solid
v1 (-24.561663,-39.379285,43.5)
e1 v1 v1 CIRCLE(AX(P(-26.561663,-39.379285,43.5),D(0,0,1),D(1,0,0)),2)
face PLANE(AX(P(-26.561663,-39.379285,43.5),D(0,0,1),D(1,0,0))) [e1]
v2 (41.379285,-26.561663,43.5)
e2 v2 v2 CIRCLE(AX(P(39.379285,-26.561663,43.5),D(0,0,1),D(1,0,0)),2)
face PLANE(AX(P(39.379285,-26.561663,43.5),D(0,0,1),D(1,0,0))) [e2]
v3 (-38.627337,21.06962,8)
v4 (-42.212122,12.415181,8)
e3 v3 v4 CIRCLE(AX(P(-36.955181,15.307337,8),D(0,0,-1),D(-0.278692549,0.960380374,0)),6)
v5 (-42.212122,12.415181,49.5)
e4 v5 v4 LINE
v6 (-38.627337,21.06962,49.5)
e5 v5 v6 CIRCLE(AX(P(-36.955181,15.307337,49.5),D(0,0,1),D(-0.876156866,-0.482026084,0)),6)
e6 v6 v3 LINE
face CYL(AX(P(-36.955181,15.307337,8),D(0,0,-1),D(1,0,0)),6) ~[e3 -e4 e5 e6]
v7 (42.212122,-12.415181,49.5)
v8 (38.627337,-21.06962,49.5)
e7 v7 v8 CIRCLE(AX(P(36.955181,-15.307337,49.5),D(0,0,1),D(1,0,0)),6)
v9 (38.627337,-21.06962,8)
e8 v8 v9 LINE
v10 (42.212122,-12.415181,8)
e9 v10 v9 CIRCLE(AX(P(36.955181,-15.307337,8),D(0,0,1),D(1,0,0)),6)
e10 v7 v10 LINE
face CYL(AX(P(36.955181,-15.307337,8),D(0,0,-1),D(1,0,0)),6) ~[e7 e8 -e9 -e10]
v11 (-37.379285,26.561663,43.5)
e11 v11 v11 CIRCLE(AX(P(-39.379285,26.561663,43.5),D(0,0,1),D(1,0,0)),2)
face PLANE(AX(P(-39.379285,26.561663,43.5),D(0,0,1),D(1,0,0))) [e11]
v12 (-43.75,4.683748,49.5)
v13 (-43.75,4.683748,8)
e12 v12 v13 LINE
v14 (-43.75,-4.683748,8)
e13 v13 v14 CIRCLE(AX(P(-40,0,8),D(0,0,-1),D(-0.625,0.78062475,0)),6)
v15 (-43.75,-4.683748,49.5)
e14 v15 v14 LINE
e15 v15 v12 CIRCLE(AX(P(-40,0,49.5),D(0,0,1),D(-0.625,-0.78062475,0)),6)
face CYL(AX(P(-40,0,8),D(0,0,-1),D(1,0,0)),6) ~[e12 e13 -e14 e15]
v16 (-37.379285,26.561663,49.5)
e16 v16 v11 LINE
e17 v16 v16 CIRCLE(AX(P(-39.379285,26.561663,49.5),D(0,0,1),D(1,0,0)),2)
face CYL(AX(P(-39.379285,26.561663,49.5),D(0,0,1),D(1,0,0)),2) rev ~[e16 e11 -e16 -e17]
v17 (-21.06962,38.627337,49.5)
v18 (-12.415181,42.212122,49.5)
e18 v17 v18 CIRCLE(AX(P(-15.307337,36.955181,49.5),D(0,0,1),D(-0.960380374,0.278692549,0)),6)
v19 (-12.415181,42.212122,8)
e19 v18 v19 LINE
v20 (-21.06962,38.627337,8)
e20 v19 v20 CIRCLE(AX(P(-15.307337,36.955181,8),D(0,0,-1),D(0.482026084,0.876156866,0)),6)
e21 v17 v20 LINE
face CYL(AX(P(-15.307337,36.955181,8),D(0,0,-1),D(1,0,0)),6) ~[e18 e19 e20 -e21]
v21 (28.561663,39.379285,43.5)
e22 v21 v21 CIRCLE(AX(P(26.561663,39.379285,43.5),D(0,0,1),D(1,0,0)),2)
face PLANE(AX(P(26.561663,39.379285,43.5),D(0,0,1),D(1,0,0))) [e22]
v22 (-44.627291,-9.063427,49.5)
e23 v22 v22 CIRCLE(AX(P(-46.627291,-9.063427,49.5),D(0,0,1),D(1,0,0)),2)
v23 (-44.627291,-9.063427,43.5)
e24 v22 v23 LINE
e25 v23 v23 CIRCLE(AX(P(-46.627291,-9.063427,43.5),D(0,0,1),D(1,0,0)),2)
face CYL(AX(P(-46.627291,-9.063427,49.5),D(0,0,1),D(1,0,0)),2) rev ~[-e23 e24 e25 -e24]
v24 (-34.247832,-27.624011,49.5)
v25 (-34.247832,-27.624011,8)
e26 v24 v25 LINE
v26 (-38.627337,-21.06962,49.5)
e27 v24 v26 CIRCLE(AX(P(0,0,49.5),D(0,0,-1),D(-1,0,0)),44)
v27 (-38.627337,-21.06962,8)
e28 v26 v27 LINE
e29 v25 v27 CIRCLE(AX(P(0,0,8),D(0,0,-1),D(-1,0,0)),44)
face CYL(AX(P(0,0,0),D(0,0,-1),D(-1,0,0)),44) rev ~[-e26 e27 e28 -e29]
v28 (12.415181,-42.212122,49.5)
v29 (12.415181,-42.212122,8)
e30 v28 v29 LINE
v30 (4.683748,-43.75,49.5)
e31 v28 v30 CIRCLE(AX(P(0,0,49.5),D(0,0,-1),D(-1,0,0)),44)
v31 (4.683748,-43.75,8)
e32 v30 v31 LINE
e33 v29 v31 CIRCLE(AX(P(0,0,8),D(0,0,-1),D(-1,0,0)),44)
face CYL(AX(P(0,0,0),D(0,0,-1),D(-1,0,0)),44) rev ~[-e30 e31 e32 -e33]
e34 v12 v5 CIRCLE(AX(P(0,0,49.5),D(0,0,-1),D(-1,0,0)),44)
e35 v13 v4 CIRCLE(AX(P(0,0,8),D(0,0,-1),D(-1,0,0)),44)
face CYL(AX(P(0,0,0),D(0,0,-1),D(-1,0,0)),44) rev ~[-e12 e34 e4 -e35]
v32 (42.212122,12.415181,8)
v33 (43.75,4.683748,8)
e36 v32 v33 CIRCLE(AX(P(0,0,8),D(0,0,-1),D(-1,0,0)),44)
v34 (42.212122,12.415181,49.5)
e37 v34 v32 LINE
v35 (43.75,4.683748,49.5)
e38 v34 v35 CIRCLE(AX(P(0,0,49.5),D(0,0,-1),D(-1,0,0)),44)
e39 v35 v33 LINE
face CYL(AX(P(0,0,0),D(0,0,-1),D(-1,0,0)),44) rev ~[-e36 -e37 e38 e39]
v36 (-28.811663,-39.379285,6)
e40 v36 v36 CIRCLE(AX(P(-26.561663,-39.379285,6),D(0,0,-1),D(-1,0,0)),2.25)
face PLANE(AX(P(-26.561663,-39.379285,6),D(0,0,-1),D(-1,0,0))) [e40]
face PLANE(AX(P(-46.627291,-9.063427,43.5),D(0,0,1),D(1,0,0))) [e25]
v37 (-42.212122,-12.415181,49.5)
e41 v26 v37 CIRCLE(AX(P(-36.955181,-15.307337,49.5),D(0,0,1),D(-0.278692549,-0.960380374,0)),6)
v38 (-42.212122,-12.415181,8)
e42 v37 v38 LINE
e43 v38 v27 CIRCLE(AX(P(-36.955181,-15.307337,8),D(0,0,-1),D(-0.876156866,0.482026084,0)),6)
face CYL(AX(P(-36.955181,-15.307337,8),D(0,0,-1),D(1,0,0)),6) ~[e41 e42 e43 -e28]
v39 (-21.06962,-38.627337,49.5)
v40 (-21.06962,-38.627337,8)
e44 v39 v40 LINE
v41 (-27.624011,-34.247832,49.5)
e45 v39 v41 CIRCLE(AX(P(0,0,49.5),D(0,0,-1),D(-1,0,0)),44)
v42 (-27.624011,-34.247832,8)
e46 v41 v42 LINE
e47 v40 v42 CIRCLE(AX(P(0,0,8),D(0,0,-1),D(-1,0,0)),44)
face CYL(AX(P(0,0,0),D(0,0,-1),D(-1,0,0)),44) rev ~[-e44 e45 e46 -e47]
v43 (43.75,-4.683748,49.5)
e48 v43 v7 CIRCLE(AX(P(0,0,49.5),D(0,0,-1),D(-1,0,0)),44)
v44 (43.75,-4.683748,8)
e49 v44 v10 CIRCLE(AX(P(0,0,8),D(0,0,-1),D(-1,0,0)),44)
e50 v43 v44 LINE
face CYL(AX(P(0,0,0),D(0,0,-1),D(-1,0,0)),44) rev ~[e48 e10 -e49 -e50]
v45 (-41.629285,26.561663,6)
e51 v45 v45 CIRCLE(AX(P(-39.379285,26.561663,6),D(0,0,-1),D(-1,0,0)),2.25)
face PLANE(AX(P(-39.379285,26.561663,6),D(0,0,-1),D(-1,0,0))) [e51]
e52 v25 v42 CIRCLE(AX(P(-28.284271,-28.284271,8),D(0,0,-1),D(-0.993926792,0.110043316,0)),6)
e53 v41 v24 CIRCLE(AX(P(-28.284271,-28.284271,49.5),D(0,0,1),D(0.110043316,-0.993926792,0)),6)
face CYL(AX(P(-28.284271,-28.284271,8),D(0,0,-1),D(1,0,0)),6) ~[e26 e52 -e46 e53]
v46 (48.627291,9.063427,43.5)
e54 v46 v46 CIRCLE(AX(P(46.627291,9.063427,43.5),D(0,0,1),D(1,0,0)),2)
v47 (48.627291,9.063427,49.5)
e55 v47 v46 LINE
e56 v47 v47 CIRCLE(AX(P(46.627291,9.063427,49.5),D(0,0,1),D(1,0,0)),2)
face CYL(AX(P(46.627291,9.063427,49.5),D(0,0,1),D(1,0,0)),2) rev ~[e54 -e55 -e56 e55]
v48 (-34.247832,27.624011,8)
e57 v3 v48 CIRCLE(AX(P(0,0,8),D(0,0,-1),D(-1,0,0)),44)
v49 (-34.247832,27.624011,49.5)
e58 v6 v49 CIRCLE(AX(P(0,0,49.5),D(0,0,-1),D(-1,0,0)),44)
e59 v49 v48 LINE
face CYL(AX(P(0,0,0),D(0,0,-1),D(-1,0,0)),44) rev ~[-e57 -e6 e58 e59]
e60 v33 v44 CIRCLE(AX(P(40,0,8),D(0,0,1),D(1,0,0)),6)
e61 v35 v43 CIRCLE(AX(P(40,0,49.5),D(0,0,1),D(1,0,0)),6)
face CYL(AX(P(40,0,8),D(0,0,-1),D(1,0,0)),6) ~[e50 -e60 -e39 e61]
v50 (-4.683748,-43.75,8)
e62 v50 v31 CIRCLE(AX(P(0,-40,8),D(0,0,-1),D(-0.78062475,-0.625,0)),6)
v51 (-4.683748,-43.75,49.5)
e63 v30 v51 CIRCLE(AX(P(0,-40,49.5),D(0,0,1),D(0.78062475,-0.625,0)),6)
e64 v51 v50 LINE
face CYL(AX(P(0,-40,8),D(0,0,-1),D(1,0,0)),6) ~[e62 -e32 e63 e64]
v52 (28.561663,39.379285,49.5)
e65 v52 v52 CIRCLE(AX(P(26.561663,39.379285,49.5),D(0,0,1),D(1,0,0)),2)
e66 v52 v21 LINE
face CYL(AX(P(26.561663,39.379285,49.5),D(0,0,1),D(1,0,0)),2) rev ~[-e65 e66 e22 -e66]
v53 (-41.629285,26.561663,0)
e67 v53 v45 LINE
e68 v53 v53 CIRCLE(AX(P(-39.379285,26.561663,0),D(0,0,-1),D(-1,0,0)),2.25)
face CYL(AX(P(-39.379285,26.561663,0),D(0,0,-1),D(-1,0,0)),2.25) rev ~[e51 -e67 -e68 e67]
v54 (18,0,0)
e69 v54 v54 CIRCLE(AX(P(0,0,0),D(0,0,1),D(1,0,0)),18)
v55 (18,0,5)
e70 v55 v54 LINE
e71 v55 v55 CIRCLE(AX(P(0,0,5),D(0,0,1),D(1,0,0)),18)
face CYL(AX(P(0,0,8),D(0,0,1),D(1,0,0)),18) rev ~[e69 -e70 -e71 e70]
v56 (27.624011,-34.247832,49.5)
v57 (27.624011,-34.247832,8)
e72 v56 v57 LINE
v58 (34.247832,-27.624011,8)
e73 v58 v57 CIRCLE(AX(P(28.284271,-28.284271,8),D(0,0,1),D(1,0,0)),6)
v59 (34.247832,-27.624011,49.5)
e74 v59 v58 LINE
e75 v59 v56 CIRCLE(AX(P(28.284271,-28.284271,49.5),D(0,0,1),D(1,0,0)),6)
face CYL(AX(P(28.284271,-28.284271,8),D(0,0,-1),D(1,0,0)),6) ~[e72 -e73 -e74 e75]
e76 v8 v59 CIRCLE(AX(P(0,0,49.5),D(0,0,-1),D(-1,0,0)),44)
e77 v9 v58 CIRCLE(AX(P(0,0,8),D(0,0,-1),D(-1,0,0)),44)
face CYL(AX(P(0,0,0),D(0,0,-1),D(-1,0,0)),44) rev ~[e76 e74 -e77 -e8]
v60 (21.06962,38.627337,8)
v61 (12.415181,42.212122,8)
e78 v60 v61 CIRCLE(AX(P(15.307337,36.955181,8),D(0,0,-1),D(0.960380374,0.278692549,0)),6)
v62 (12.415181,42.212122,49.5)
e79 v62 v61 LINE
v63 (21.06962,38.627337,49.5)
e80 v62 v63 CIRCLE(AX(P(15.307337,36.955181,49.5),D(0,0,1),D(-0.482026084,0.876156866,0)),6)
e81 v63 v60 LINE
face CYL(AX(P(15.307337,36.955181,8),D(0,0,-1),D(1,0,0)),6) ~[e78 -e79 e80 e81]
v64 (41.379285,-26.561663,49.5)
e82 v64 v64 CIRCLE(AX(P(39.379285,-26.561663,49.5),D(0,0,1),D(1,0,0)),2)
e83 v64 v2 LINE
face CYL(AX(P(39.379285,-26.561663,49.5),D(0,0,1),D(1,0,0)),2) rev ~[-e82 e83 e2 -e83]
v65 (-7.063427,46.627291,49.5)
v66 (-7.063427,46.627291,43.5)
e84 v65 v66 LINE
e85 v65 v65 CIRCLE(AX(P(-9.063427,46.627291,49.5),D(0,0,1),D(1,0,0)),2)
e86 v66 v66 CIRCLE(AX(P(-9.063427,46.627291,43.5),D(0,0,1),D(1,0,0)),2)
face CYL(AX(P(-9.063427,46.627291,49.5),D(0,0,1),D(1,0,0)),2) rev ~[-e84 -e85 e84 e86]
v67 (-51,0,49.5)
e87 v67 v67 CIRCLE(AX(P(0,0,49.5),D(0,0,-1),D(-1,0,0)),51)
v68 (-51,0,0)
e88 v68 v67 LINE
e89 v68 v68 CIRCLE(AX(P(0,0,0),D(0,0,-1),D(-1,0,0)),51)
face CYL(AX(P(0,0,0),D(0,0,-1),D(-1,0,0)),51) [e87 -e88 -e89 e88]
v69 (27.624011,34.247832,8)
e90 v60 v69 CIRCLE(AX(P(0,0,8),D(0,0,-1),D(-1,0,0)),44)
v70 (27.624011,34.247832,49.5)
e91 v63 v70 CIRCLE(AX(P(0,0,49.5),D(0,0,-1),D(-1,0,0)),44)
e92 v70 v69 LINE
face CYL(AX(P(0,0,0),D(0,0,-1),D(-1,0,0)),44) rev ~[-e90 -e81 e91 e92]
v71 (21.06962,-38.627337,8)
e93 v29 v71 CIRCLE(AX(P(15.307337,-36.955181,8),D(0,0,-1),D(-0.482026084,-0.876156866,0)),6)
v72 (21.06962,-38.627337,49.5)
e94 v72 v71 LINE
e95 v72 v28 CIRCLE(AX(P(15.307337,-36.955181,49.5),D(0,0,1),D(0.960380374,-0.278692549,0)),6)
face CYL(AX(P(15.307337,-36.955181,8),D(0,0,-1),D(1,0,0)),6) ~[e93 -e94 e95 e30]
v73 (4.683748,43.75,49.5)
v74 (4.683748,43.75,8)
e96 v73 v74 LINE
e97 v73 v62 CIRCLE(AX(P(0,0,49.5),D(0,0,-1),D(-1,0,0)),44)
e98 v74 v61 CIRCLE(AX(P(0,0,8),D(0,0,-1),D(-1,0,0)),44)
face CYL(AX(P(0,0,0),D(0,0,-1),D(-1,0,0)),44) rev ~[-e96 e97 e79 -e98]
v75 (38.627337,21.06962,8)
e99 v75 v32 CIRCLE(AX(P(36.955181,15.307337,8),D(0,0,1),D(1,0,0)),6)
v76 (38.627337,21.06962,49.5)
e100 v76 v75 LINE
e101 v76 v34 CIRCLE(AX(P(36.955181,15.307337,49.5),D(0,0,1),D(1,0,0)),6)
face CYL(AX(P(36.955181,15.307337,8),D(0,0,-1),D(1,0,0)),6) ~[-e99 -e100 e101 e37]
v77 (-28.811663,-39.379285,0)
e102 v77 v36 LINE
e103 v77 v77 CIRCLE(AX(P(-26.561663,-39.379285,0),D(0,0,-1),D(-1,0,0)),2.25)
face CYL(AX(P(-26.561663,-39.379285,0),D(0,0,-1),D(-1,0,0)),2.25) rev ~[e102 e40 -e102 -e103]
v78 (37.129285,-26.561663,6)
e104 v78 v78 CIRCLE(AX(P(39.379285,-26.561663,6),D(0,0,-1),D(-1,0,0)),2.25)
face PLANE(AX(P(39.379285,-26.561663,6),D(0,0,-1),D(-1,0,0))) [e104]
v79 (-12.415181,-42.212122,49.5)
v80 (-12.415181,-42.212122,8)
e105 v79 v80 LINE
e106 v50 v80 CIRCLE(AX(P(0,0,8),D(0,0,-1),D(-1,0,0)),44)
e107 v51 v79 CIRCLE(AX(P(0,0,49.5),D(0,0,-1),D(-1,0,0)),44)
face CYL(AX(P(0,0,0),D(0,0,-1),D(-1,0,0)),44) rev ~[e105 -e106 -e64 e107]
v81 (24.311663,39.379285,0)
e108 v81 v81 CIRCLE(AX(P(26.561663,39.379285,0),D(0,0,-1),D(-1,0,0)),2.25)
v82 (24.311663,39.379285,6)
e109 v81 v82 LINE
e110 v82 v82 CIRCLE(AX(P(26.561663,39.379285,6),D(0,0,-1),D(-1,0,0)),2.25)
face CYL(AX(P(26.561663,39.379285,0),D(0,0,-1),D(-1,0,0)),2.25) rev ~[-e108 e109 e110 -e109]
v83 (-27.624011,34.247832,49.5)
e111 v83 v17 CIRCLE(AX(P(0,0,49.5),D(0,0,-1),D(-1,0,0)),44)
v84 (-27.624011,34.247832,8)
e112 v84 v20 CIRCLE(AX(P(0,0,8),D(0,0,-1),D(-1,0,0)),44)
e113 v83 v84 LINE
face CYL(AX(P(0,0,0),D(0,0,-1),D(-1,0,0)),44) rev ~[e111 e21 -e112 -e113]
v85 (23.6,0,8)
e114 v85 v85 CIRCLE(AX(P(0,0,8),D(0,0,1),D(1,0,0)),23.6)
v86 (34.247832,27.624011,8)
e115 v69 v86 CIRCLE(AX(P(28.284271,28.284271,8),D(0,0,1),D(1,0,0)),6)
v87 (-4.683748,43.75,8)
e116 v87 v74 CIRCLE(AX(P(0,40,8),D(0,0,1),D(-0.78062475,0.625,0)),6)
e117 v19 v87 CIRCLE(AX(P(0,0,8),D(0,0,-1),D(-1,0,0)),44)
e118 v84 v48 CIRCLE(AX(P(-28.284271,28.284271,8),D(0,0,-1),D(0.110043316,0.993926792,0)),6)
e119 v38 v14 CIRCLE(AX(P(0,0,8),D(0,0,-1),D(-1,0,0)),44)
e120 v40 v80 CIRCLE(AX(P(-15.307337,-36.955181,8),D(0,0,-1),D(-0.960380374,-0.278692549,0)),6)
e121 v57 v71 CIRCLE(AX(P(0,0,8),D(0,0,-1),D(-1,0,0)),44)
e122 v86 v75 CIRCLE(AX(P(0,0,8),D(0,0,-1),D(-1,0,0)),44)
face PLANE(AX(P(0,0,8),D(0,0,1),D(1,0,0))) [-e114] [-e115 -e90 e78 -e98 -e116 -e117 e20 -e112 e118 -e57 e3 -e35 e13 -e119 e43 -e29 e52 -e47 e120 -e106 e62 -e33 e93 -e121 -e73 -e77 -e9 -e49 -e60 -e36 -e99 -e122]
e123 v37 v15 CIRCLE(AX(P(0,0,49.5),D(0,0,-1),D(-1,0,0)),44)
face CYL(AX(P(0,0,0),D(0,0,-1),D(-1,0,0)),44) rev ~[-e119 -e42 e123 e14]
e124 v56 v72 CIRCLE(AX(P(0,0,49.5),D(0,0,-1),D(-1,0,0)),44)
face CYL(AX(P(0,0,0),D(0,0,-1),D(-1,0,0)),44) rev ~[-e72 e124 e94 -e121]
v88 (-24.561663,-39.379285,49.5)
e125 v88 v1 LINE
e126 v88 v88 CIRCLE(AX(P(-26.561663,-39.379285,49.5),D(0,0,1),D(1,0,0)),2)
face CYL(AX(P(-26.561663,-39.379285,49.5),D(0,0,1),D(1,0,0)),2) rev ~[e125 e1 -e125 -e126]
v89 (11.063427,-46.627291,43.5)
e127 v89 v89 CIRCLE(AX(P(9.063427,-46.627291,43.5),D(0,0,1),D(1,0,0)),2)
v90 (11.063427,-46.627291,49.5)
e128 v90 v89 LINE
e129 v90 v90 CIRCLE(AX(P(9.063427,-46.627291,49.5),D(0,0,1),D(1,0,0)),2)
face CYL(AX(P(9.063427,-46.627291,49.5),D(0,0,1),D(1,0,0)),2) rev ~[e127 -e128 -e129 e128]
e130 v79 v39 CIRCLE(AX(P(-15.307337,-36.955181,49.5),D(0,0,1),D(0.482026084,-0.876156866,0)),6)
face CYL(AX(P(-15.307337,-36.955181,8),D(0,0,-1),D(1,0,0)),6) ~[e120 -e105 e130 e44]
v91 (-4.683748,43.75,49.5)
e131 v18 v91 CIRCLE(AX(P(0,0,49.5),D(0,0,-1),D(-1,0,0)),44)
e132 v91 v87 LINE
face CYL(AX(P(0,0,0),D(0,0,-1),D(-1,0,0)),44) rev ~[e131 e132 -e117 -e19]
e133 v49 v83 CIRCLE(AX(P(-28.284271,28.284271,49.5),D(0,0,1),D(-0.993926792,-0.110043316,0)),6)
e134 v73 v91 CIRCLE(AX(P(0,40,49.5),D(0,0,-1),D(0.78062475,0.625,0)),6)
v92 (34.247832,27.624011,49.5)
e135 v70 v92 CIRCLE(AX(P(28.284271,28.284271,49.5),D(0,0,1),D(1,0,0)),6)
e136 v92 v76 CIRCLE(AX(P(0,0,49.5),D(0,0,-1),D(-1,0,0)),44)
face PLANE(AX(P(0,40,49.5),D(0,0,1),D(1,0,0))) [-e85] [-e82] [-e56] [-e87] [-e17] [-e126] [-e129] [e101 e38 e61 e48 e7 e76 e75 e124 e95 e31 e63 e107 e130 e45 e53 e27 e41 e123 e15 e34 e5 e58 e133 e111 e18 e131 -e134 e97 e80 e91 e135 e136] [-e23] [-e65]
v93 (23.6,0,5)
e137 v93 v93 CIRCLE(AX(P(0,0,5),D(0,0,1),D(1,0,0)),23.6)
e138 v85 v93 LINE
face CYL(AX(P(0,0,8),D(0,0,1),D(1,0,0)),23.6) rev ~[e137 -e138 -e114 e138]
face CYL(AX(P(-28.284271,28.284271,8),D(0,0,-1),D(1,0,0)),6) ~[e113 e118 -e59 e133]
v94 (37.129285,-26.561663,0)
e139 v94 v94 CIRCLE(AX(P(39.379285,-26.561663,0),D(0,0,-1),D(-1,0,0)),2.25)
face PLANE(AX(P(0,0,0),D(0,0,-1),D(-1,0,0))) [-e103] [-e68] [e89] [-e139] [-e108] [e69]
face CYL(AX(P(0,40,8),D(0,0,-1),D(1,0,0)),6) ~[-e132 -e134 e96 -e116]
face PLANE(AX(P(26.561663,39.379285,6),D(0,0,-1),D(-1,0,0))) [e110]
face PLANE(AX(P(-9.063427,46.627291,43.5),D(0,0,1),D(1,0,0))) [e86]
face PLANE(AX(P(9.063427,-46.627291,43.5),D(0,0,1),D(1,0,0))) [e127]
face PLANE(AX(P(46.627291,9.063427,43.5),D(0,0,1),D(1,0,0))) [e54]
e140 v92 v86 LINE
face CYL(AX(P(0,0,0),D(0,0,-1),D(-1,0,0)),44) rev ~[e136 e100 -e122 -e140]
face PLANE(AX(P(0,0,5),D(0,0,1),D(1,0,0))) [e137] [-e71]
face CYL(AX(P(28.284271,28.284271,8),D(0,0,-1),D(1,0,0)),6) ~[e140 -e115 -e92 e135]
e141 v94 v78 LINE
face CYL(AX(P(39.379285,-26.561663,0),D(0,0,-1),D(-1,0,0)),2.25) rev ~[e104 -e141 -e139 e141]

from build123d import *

# Parameters (mm, degrees)
SKETCH1_R           = 44
VOLUMEEXTRUDE_DEPTH = 8
SKETCH2_R           = 51
SKETCH2_R_2         = 44
LIPEXTRUDE_DEPTH    = 49.5
SKETCH4_R           = 18
SHAFT_HOLE_DEPTH    = 8
SKETCH6_R           = 2
BOLTHOLES_DEPTH     = 6
SKETCH7_R           = 6
BOSS_EXTRUDE1_DEPTH = 41.5
SKETCH9_R           = 2.25
CUT_EXTRUDE2_DEPTH  = 6
SKETCH11_R          = 23.6
CUT_EXTRUDE3_DEPTH  = 3


with BuildPart() as part:
    # Sketch1 → VolumeExtrude (new body)
    with BuildSketch(Plane.XY):
        Circle(SKETCH1_R)
    extrude(amount=VOLUMEEXTRUDE_DEPTH)

    # Sketch2 → LipExtrude (add)
    with BuildSketch(Plane(origin=(0, 0, 0), x_dir=(-1, 0, 0), z_dir=(0, 0, -1))):
        Circle(SKETCH2_R)
        Circle(SKETCH2_R_2, mode=Mode.SUBTRACT)
    extrude(amount=-LIPEXTRUDE_DEPTH)

    # Sketch4 → Shaft Hole (cut)
    with BuildSketch(Plane.XY.offset(8)):
        Circle(SKETCH4_R)
    extrude(amount=-SHAFT_HOLE_DEPTH, mode=Mode.SUBTRACT)

    # Sketch6 → BoltHoles (cut)
    with BuildSketch(Plane.XY.offset(49.5)):
        with Locations((-9.06342728, 46.627291214)):
            Circle(SKETCH6_R)
        with Locations((26.561662915, 39.379284696)):
            Circle(SKETCH6_R)
        with Locations((46.627291214, 9.06342728)):
            Circle(SKETCH6_R)
        with Locations((39.379284696, -26.561662915)):
            Circle(SKETCH6_R)
        with Locations((9.06342728, -46.627291214)):
            Circle(SKETCH6_R)
        with Locations((-26.561662915, -39.379284696)):
            Circle(SKETCH6_R)
        with Locations((-46.627291214, -9.06342728)):
            Circle(SKETCH6_R)
        with Locations((-39.379284696, 26.561662915)):
            Circle(SKETCH6_R)
    extrude(amount=-BOLTHOLES_DEPTH, mode=Mode.SUBTRACT)

    # Sketch7 → Boss-Extrude1 (add)
    with BuildSketch(Plane.XY.offset(8)):
        with Locations((0, 40)):
            Circle(SKETCH7_R)
        with Locations((15.307337295, 36.9551813)):
            Circle(SKETCH7_R)
        with Locations((28.284271247, 28.284271247)):
            Circle(SKETCH7_R)
        with Locations((36.9551813, 15.307337295)):
            Circle(SKETCH7_R)
        with Locations((40, 0)):
            Circle(SKETCH7_R)
        with Locations((36.9551813, -15.307337295)):
            Circle(SKETCH7_R)
        with Locations((28.284271247, -28.284271247)):
            Circle(SKETCH7_R)
        with Locations((15.307337295, -36.9551813)):
            Circle(SKETCH7_R)
        with Locations((0, -40)):
            Circle(SKETCH7_R)
        with Locations((-15.307337295, -36.9551813)):
            Circle(SKETCH7_R)
        with Locations((-28.284271247, -28.284271247)):
            Circle(SKETCH7_R)
        with Locations((-36.9551813, -15.307337295)):
            Circle(SKETCH7_R)
        with Locations((-40, 0)):
            Circle(SKETCH7_R)
        with Locations((-36.9551813, 15.307337295)):
            Circle(SKETCH7_R)
        with Locations((-28.284271247, 28.284271247)):
            Circle(SKETCH7_R)
        with Locations((-15.307337295, 36.9551813)):
            Circle(SKETCH7_R)
    extrude(amount=BOSS_EXTRUDE1_DEPTH)

    # Sketch9 → Cut-Extrude2 (cut)
    with BuildSketch(Plane(origin=(0, 0, 0), x_dir=(-1, 0, 0), z_dir=(0, 0, -1))):
        with Locations((-26.561662915, 39.379284696)):
            Circle(SKETCH9_R)
        with Locations((39.379284696, 26.561662915)):
            Circle(SKETCH9_R)
        with Locations((26.561662915, -39.379284696)):
            Circle(SKETCH9_R)
        with Locations((-39.379284696, -26.561662915)):
            Circle(SKETCH9_R)
    extrude(amount=-CUT_EXTRUDE2_DEPTH, mode=Mode.SUBTRACT)

    # Sketch11 → Cut-Extrude3 (cut)
    with BuildSketch(Plane.XY.offset(8)):
        Circle(SKETCH11_R)
    extrude(amount=-CUT_EXTRUDE3_DEPTH, mode=Mode.SUBTRACT)


solid = part.part
